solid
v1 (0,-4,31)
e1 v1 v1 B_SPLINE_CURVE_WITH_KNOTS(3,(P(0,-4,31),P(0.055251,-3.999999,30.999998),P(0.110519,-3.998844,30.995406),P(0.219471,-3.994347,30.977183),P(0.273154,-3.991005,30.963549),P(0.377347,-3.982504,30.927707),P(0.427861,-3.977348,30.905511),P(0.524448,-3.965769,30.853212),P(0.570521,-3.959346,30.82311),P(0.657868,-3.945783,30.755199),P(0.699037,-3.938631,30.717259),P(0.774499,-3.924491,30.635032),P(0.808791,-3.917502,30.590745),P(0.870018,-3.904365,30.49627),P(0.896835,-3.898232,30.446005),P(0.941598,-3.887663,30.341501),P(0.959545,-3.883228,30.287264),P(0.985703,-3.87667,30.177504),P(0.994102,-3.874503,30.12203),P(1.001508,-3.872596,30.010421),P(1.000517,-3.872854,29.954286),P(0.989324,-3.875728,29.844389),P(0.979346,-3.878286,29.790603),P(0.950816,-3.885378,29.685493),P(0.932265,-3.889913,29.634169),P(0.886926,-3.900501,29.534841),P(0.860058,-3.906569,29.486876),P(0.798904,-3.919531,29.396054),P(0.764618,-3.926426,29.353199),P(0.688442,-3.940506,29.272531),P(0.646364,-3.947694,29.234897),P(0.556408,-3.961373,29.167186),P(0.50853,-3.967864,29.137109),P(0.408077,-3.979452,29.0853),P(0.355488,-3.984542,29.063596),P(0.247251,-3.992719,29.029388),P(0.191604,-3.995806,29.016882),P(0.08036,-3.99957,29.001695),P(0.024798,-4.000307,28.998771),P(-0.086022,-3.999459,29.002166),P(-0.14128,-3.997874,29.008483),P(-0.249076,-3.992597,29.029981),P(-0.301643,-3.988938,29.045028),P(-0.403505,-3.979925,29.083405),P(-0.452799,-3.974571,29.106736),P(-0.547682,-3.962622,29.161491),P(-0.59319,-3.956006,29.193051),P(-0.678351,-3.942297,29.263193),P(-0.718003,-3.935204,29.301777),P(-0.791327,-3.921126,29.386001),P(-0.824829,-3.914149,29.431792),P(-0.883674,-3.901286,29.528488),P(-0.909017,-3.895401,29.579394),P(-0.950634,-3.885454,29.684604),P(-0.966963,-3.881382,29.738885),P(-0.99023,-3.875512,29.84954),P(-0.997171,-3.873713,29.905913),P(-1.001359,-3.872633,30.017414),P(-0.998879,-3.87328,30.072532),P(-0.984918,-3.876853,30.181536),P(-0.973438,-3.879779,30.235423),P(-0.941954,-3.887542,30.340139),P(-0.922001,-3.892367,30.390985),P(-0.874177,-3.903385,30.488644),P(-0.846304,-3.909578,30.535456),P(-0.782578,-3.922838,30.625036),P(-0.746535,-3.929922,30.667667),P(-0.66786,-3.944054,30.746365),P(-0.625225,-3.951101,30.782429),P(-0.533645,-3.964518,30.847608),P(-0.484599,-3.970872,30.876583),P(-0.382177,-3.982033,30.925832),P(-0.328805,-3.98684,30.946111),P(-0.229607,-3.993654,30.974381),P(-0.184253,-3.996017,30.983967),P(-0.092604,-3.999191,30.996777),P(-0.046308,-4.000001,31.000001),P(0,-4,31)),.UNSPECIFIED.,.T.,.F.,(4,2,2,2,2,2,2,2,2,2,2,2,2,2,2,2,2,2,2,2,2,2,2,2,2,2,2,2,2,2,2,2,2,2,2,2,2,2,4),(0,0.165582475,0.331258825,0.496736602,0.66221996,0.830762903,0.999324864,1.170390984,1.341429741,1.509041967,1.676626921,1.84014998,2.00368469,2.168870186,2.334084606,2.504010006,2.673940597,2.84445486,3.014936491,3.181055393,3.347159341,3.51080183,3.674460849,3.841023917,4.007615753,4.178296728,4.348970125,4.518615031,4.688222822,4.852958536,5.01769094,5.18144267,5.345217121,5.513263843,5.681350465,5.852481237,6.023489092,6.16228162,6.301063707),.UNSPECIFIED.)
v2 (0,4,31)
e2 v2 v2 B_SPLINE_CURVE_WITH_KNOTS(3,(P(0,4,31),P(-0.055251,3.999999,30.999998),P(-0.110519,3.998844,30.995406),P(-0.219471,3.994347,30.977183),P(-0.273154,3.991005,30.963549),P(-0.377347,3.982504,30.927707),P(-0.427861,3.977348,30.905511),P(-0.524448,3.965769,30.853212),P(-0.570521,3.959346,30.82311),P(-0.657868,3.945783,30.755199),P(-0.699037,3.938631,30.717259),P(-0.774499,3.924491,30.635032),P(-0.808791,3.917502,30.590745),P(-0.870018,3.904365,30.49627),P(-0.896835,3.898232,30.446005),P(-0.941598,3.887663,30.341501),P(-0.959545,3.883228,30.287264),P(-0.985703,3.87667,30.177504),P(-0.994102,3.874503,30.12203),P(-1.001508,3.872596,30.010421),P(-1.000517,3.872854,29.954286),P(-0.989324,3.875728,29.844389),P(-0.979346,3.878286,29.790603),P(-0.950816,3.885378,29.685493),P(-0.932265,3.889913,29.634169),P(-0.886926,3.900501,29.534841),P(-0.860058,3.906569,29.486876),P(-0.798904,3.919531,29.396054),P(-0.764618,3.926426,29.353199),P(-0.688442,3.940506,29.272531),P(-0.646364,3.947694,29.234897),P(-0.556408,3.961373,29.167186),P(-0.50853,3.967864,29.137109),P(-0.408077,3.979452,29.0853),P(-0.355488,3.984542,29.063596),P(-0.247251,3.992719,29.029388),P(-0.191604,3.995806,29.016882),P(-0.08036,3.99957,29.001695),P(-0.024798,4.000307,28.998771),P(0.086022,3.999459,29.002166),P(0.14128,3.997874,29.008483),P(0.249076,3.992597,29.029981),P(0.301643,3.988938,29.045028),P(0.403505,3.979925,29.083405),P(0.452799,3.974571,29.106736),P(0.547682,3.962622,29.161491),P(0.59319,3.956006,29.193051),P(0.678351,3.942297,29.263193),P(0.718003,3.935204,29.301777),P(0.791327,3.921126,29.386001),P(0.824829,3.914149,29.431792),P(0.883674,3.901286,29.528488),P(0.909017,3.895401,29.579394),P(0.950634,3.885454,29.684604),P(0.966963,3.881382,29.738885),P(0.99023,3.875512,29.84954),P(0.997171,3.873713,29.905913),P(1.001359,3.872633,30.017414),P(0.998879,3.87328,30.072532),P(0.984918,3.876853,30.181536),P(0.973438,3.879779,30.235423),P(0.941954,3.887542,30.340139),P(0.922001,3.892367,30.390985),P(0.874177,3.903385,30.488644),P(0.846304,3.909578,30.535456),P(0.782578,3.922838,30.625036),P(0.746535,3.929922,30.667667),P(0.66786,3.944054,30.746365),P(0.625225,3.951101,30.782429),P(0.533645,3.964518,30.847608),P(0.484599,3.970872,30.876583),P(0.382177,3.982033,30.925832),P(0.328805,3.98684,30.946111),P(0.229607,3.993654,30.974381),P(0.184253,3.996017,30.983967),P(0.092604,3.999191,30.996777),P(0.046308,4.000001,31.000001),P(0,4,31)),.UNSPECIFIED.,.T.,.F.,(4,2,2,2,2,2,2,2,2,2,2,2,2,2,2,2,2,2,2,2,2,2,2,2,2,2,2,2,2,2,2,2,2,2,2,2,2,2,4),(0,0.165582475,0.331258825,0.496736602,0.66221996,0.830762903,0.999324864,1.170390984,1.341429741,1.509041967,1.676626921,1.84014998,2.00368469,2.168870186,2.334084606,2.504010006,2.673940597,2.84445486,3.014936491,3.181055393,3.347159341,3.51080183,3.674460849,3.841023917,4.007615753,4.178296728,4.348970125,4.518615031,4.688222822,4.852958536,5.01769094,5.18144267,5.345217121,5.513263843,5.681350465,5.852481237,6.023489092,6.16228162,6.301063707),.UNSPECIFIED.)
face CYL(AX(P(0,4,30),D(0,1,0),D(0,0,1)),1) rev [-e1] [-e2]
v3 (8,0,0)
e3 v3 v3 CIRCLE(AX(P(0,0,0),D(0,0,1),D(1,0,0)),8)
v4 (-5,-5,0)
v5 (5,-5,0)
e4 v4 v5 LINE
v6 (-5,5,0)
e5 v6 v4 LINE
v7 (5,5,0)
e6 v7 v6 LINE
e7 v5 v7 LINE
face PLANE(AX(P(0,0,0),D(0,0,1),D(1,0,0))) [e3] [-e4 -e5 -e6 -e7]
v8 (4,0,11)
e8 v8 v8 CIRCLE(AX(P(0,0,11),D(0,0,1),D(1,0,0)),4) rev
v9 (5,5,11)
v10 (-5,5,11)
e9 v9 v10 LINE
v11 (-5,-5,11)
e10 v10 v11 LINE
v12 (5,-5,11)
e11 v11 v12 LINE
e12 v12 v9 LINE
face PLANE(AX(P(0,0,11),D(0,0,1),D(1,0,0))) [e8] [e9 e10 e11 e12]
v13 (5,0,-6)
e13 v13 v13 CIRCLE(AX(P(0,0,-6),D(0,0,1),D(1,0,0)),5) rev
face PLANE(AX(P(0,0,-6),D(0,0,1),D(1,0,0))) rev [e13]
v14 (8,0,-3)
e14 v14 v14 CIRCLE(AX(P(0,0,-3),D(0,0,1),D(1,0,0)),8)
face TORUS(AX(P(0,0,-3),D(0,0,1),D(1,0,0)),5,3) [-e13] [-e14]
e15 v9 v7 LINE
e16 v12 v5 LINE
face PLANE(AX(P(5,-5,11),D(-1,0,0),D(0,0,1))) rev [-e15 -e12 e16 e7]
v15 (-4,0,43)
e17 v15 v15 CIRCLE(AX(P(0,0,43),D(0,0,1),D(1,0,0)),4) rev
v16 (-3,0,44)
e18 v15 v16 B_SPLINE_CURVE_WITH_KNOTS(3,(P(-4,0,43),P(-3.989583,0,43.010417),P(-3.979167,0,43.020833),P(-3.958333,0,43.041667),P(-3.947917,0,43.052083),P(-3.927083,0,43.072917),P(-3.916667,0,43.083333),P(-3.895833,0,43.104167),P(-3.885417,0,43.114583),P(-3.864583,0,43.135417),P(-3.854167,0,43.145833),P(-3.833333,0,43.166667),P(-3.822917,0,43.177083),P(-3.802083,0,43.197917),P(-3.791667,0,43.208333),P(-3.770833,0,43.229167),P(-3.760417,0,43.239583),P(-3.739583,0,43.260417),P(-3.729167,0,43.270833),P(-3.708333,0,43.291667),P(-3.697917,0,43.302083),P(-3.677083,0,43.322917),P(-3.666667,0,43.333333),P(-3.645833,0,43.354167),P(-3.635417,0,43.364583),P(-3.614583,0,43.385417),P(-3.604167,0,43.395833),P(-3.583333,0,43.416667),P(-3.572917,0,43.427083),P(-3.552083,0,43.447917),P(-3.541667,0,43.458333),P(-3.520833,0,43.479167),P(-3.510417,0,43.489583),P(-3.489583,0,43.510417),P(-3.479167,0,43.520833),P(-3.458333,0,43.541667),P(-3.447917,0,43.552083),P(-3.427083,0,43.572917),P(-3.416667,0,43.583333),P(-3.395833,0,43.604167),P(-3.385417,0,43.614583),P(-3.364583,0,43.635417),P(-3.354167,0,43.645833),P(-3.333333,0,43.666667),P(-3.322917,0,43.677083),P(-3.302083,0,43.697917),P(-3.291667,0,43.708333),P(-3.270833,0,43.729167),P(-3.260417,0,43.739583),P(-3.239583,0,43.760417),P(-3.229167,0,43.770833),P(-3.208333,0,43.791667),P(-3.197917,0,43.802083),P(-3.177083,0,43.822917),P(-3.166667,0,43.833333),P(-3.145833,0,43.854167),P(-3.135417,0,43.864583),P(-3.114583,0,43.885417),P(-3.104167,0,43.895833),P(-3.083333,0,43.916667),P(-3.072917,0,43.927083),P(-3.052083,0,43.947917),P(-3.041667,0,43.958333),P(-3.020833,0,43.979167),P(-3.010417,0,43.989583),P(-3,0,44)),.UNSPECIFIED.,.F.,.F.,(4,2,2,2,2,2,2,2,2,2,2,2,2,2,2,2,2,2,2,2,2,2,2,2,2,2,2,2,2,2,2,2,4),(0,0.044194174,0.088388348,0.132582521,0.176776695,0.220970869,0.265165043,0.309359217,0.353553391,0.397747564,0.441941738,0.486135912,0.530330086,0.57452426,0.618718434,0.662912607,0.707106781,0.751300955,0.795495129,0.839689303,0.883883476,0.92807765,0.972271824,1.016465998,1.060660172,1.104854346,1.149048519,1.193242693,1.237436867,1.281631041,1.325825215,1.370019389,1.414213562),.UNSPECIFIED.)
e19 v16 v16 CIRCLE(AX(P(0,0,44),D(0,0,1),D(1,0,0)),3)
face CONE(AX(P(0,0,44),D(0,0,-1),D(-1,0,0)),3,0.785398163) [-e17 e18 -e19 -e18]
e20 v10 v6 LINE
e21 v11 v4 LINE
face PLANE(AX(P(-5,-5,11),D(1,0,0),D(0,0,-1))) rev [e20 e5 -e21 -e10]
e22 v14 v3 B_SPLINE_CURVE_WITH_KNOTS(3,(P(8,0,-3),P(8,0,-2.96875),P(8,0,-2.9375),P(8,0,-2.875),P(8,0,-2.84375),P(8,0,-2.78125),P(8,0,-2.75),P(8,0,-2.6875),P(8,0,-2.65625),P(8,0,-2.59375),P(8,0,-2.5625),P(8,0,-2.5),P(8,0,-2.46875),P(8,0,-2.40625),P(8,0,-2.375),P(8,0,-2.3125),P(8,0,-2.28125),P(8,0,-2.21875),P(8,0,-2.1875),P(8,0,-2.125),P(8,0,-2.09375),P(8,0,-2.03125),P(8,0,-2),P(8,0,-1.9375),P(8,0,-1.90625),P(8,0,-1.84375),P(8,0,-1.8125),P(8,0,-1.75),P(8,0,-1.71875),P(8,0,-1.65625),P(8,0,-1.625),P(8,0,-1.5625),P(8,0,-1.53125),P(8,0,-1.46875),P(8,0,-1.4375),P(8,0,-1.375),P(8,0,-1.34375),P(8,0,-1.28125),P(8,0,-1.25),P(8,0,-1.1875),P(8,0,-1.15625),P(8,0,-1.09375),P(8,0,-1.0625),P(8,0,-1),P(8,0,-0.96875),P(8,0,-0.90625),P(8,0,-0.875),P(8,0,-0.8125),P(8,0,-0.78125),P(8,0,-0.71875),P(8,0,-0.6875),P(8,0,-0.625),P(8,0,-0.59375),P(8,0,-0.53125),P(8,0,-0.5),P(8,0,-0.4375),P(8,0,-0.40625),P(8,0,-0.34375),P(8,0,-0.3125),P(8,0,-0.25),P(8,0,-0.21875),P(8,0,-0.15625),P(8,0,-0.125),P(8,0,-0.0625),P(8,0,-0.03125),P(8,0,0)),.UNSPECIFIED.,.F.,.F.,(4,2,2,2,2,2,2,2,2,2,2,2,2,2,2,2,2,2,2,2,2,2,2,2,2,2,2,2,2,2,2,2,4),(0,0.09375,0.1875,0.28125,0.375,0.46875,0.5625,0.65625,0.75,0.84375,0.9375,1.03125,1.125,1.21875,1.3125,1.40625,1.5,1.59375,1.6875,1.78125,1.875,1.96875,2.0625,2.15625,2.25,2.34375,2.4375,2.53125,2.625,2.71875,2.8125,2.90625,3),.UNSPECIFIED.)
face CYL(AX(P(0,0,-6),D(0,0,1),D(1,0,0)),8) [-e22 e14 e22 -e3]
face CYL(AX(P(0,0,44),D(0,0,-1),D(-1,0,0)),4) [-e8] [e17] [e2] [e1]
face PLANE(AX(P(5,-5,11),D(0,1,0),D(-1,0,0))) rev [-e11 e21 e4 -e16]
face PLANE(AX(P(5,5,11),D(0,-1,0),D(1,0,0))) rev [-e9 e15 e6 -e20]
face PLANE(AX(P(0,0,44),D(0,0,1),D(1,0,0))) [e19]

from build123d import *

# Parameters (mm, degrees)
SKETCH1_R                = 8
BOSS_EXTRUDE1_DEPTH      = 6
SKETCH2_W                = 10
SKETCH2_H                = 10
BOSS_EXTRUDE2_DEPTH      = 11
SKETCH4_R                = 4
BOSS_EXTRUDE3_DEPTH      = 44
F_2_0_2_DIAMETER_HOLE1_D = 2
FILLET1_R                = 3
CHAMFER1_SIZE            = 1


with BuildPart() as part:
    # Sketch1 → Boss-Extrude1 (new body)
    with BuildSketch(Plane.XY):
        Circle(SKETCH1_R)
    extrude(amount=-BOSS_EXTRUDE1_DEPTH)

    # Sketch2 → Boss-Extrude2 (add)
    with BuildSketch(Plane.XY):
        Rectangle(SKETCH2_W, SKETCH2_H)
    extrude(amount=BOSS_EXTRUDE2_DEPTH)

    # Sketch4 → Boss-Extrude3 (add)
    with BuildSketch(Plane.XY):
        Circle(SKETCH4_R)
    extrude(amount=BOSS_EXTRUDE3_DEPTH)

    # Ø2.0 (2) Diameter Hole1 (through all)
    with Locations(Plane(origin=(0, 4, 30), x_dir=(1, 0, 0), z_dir=(0, 1, 0))):
        with Locations((0, 0)):
            Hole(F_2_0_2_DIAMETER_HOLE1_D / 2)

    # Fillet1
    fillet1_edges = [part.edges().sort_by_distance(p)[0] for p in [
        (-8, 0, -6),
    ]]
    fillet(fillet1_edges, radius=FILLET1_R)

    # Chamfer1
    chamfer1_edges = [part.edges().sort_by_distance(p)[0] for p in [
        (-4, 0, 44),
    ]]
    chamfer(chamfer1_edges, length=CHAMFER1_SIZE)


solid = part.part
